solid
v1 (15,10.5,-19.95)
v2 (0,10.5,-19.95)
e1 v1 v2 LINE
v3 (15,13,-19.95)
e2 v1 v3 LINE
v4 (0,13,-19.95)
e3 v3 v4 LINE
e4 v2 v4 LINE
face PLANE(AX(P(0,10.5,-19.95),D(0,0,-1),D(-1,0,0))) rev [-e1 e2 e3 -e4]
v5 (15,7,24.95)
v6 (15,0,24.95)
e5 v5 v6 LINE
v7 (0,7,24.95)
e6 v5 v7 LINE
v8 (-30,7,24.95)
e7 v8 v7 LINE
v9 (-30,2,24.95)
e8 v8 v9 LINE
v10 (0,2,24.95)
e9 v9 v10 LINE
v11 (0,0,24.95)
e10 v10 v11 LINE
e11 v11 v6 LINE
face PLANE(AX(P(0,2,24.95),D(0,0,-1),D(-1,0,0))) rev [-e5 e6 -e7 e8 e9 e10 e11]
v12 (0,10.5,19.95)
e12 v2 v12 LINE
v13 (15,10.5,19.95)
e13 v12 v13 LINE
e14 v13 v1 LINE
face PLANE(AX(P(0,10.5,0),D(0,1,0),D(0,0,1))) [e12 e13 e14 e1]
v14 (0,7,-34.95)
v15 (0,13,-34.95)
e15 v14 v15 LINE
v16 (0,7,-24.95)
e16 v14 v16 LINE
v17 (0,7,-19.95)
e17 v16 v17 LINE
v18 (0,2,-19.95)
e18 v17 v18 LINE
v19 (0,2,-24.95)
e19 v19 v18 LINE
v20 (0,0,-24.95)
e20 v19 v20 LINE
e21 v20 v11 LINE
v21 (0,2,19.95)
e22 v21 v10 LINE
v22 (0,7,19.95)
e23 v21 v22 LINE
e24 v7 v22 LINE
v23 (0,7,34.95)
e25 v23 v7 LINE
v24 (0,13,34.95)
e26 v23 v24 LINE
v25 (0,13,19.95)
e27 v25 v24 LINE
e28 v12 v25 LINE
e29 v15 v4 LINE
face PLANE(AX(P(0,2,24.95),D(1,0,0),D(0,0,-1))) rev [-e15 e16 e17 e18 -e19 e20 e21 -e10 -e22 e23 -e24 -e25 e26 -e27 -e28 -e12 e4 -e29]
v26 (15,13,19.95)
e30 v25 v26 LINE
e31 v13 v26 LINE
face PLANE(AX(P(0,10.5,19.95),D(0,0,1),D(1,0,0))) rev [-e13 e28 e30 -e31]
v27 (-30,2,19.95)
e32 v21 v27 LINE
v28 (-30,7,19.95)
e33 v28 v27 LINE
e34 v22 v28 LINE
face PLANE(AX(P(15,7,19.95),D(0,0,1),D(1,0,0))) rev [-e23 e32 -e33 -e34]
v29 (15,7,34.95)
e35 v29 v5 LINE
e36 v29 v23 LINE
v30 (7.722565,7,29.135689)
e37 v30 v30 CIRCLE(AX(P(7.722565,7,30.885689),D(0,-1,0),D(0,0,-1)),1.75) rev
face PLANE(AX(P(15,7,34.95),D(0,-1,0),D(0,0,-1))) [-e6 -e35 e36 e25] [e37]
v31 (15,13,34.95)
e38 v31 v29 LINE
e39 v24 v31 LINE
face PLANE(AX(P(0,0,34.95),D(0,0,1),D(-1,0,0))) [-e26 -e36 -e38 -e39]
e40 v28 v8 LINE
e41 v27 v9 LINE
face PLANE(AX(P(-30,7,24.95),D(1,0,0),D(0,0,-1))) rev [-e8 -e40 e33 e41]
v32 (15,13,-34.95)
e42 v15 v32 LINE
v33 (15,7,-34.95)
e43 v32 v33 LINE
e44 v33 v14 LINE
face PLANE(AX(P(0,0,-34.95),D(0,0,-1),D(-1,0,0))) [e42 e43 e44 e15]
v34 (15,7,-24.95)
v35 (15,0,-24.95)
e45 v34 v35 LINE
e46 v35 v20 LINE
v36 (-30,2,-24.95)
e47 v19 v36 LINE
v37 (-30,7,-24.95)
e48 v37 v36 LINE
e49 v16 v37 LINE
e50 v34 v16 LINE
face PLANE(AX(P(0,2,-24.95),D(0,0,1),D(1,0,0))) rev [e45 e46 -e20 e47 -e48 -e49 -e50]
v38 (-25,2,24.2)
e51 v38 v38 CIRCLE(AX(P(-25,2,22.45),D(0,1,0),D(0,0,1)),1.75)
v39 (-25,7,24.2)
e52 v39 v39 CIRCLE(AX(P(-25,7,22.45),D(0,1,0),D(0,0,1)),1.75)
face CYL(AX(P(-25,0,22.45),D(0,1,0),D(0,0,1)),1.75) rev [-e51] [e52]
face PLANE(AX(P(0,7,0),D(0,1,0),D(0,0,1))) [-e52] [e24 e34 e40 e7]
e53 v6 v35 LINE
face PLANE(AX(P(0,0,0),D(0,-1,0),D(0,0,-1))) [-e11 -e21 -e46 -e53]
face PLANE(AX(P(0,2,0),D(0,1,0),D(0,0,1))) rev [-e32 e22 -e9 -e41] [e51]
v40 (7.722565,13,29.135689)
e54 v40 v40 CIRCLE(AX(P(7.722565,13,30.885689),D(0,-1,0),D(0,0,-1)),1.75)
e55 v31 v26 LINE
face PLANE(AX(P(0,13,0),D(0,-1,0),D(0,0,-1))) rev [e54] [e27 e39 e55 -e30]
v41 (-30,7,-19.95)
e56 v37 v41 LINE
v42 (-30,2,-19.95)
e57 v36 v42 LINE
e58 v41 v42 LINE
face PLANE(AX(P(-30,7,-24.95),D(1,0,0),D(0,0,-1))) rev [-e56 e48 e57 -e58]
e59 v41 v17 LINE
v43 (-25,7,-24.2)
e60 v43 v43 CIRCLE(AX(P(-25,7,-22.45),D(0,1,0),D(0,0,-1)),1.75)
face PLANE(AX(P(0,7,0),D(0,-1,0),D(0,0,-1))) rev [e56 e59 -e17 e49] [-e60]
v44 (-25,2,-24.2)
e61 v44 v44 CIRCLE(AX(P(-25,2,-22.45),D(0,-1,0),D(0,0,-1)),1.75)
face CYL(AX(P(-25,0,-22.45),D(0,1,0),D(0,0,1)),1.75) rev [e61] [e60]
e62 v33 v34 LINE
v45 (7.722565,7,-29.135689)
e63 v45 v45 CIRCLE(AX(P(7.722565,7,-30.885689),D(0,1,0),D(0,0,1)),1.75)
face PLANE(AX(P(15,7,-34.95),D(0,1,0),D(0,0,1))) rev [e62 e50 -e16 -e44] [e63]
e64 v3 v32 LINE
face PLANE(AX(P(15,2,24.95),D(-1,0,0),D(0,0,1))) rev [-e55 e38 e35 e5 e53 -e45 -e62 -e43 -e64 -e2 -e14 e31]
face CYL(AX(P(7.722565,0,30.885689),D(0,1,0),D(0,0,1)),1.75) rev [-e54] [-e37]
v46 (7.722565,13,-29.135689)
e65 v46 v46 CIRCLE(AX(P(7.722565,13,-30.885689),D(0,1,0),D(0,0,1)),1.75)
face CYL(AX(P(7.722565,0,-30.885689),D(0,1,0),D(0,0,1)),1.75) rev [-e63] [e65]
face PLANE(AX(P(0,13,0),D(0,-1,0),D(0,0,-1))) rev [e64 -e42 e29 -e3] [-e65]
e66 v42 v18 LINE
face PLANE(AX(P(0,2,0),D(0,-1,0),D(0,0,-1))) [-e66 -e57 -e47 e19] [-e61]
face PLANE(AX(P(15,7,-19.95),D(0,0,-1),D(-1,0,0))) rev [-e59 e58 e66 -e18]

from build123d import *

# Parameters (mm, degrees)
SKETCH1_W           = 15
SKETCH1_H           = 49.9
BOSS_EXTRUDE1_DEPTH = 2
SKETCH2_W           = 45
SKETCH2_H           = 5
BOSS_EXTRUDE2_DEPTH = 5
SKETCH3_R           = 1.75
CUT_EXTRUDE1_DEPTH  = 40.642180818
SKETCH4_W           = 15
SKETCH4_H           = 49.9
BOSS_EXTRUDE3_DEPTH = 13
SKETCH5_W           = 15
SKETCH5_H           = 6
BOSS_EXTRUDE4_DEPTH = 10
SKETCH6_R           = 1.75
CUT_EXTRUDE2_DEPTH  = 48.859194519
SKETCH7_W           = 15
SKETCH7_H           = 39.9
CUT_EXTRUDE3_DEPTH  = 2.5


with BuildPart() as part:
    # Sketch1 → Boss-Extrude1 (new body)
    with BuildSketch(Plane(origin=(0, 0, 0), x_dir=(1, 0, 0), z_dir=(0, 1, 0))):
        with Locations((7.5, 0)):
            Rectangle(SKETCH1_W, SKETCH1_H)
    extrude(amount=BOSS_EXTRUDE1_DEPTH)

    # Sketch2 → Boss-Extrude2 (add)
    with BuildSketch(Plane(origin=(0, 2, 0), x_dir=(1, 0, 0), z_dir=(0, 1, 0))):
        with Locations((-7.5, -22.45)):
            Rectangle(SKETCH2_W, SKETCH2_H)
        with Locations((-7.5, 22.45)):
            Rectangle(SKETCH2_W, SKETCH2_H)
    extrude(amount=BOSS_EXTRUDE2_DEPTH)

    # Sketch3 → Cut-Extrude1 (cut, through all)
    with BuildSketch(Plane(origin=(0, 7, 0), x_dir=(1, 0, 0), z_dir=(0, 1, 0))):
        with Locations(Location((-25, -22.45, 0), (0, 0, 270))):
            Circle(SKETCH3_R)
        with Locations(Location((-25, 22.45, 0), (0, 0, 90))):
            Circle(SKETCH3_R)
    extrude(amount=-CUT_EXTRUDE1_DEPTH, mode=Mode.SUBTRACT)

    # Sketch4 → Boss-Extrude3 (add)
    with BuildSketch(Plane(origin=(0, 0, 0), x_dir=(1, 0, 0), z_dir=(0, 1, 0))):
        with Locations((7.5, 0)):
            Rectangle(SKETCH4_W, SKETCH4_H)
    extrude(amount=BOSS_EXTRUDE3_DEPTH)

    # Sketch5 → Boss-Extrude4 (add)
    with BuildSketch(Plane(origin=(0, 0, -24.95), x_dir=(-1, 0, 0), z_dir=(0, 0, -1))):
        with Locations((-7.5, 10)):
            Rectangle(SKETCH5_W, SKETCH5_H)
    boss_extrude4 = extrude(amount=BOSS_EXTRUDE4_DEPTH)

    # Sketch6 → Cut-Extrude2 (cut, through all)
    with BuildSketch(Plane(origin=(0, 13, 0), x_dir=(1, 0, 0), z_dir=(0, 1, 0))):
        with Locations(Location((7.722564817, 30.885688998, 0), (0, 0, 270))):
            Circle(SKETCH6_R)
    cut_extrude2 = extrude(amount=-CUT_EXTRUDE2_DEPTH, mode=Mode.SUBTRACT)

    # Mirror1: Boss-Extrude4, Cut-Extrude2 across plane
    add(boss_extrude4.mirror(Plane.XY))
    add(cut_extrude2.mirror(Plane.XY), mode=Mode.SUBTRACT)

    # Sketch7 → Cut-Extrude3 (cut)
    with BuildSketch(Plane(origin=(0, 13, 0), x_dir=(1, 0, 0), z_dir=(0, 1, 0))):
        with Locations((7.5, 0)):
            Rectangle(SKETCH7_W, SKETCH7_H)
    extrude(amount=-CUT_EXTRUDE3_DEPTH, mode=Mode.SUBTRACT)


solid = part.part
